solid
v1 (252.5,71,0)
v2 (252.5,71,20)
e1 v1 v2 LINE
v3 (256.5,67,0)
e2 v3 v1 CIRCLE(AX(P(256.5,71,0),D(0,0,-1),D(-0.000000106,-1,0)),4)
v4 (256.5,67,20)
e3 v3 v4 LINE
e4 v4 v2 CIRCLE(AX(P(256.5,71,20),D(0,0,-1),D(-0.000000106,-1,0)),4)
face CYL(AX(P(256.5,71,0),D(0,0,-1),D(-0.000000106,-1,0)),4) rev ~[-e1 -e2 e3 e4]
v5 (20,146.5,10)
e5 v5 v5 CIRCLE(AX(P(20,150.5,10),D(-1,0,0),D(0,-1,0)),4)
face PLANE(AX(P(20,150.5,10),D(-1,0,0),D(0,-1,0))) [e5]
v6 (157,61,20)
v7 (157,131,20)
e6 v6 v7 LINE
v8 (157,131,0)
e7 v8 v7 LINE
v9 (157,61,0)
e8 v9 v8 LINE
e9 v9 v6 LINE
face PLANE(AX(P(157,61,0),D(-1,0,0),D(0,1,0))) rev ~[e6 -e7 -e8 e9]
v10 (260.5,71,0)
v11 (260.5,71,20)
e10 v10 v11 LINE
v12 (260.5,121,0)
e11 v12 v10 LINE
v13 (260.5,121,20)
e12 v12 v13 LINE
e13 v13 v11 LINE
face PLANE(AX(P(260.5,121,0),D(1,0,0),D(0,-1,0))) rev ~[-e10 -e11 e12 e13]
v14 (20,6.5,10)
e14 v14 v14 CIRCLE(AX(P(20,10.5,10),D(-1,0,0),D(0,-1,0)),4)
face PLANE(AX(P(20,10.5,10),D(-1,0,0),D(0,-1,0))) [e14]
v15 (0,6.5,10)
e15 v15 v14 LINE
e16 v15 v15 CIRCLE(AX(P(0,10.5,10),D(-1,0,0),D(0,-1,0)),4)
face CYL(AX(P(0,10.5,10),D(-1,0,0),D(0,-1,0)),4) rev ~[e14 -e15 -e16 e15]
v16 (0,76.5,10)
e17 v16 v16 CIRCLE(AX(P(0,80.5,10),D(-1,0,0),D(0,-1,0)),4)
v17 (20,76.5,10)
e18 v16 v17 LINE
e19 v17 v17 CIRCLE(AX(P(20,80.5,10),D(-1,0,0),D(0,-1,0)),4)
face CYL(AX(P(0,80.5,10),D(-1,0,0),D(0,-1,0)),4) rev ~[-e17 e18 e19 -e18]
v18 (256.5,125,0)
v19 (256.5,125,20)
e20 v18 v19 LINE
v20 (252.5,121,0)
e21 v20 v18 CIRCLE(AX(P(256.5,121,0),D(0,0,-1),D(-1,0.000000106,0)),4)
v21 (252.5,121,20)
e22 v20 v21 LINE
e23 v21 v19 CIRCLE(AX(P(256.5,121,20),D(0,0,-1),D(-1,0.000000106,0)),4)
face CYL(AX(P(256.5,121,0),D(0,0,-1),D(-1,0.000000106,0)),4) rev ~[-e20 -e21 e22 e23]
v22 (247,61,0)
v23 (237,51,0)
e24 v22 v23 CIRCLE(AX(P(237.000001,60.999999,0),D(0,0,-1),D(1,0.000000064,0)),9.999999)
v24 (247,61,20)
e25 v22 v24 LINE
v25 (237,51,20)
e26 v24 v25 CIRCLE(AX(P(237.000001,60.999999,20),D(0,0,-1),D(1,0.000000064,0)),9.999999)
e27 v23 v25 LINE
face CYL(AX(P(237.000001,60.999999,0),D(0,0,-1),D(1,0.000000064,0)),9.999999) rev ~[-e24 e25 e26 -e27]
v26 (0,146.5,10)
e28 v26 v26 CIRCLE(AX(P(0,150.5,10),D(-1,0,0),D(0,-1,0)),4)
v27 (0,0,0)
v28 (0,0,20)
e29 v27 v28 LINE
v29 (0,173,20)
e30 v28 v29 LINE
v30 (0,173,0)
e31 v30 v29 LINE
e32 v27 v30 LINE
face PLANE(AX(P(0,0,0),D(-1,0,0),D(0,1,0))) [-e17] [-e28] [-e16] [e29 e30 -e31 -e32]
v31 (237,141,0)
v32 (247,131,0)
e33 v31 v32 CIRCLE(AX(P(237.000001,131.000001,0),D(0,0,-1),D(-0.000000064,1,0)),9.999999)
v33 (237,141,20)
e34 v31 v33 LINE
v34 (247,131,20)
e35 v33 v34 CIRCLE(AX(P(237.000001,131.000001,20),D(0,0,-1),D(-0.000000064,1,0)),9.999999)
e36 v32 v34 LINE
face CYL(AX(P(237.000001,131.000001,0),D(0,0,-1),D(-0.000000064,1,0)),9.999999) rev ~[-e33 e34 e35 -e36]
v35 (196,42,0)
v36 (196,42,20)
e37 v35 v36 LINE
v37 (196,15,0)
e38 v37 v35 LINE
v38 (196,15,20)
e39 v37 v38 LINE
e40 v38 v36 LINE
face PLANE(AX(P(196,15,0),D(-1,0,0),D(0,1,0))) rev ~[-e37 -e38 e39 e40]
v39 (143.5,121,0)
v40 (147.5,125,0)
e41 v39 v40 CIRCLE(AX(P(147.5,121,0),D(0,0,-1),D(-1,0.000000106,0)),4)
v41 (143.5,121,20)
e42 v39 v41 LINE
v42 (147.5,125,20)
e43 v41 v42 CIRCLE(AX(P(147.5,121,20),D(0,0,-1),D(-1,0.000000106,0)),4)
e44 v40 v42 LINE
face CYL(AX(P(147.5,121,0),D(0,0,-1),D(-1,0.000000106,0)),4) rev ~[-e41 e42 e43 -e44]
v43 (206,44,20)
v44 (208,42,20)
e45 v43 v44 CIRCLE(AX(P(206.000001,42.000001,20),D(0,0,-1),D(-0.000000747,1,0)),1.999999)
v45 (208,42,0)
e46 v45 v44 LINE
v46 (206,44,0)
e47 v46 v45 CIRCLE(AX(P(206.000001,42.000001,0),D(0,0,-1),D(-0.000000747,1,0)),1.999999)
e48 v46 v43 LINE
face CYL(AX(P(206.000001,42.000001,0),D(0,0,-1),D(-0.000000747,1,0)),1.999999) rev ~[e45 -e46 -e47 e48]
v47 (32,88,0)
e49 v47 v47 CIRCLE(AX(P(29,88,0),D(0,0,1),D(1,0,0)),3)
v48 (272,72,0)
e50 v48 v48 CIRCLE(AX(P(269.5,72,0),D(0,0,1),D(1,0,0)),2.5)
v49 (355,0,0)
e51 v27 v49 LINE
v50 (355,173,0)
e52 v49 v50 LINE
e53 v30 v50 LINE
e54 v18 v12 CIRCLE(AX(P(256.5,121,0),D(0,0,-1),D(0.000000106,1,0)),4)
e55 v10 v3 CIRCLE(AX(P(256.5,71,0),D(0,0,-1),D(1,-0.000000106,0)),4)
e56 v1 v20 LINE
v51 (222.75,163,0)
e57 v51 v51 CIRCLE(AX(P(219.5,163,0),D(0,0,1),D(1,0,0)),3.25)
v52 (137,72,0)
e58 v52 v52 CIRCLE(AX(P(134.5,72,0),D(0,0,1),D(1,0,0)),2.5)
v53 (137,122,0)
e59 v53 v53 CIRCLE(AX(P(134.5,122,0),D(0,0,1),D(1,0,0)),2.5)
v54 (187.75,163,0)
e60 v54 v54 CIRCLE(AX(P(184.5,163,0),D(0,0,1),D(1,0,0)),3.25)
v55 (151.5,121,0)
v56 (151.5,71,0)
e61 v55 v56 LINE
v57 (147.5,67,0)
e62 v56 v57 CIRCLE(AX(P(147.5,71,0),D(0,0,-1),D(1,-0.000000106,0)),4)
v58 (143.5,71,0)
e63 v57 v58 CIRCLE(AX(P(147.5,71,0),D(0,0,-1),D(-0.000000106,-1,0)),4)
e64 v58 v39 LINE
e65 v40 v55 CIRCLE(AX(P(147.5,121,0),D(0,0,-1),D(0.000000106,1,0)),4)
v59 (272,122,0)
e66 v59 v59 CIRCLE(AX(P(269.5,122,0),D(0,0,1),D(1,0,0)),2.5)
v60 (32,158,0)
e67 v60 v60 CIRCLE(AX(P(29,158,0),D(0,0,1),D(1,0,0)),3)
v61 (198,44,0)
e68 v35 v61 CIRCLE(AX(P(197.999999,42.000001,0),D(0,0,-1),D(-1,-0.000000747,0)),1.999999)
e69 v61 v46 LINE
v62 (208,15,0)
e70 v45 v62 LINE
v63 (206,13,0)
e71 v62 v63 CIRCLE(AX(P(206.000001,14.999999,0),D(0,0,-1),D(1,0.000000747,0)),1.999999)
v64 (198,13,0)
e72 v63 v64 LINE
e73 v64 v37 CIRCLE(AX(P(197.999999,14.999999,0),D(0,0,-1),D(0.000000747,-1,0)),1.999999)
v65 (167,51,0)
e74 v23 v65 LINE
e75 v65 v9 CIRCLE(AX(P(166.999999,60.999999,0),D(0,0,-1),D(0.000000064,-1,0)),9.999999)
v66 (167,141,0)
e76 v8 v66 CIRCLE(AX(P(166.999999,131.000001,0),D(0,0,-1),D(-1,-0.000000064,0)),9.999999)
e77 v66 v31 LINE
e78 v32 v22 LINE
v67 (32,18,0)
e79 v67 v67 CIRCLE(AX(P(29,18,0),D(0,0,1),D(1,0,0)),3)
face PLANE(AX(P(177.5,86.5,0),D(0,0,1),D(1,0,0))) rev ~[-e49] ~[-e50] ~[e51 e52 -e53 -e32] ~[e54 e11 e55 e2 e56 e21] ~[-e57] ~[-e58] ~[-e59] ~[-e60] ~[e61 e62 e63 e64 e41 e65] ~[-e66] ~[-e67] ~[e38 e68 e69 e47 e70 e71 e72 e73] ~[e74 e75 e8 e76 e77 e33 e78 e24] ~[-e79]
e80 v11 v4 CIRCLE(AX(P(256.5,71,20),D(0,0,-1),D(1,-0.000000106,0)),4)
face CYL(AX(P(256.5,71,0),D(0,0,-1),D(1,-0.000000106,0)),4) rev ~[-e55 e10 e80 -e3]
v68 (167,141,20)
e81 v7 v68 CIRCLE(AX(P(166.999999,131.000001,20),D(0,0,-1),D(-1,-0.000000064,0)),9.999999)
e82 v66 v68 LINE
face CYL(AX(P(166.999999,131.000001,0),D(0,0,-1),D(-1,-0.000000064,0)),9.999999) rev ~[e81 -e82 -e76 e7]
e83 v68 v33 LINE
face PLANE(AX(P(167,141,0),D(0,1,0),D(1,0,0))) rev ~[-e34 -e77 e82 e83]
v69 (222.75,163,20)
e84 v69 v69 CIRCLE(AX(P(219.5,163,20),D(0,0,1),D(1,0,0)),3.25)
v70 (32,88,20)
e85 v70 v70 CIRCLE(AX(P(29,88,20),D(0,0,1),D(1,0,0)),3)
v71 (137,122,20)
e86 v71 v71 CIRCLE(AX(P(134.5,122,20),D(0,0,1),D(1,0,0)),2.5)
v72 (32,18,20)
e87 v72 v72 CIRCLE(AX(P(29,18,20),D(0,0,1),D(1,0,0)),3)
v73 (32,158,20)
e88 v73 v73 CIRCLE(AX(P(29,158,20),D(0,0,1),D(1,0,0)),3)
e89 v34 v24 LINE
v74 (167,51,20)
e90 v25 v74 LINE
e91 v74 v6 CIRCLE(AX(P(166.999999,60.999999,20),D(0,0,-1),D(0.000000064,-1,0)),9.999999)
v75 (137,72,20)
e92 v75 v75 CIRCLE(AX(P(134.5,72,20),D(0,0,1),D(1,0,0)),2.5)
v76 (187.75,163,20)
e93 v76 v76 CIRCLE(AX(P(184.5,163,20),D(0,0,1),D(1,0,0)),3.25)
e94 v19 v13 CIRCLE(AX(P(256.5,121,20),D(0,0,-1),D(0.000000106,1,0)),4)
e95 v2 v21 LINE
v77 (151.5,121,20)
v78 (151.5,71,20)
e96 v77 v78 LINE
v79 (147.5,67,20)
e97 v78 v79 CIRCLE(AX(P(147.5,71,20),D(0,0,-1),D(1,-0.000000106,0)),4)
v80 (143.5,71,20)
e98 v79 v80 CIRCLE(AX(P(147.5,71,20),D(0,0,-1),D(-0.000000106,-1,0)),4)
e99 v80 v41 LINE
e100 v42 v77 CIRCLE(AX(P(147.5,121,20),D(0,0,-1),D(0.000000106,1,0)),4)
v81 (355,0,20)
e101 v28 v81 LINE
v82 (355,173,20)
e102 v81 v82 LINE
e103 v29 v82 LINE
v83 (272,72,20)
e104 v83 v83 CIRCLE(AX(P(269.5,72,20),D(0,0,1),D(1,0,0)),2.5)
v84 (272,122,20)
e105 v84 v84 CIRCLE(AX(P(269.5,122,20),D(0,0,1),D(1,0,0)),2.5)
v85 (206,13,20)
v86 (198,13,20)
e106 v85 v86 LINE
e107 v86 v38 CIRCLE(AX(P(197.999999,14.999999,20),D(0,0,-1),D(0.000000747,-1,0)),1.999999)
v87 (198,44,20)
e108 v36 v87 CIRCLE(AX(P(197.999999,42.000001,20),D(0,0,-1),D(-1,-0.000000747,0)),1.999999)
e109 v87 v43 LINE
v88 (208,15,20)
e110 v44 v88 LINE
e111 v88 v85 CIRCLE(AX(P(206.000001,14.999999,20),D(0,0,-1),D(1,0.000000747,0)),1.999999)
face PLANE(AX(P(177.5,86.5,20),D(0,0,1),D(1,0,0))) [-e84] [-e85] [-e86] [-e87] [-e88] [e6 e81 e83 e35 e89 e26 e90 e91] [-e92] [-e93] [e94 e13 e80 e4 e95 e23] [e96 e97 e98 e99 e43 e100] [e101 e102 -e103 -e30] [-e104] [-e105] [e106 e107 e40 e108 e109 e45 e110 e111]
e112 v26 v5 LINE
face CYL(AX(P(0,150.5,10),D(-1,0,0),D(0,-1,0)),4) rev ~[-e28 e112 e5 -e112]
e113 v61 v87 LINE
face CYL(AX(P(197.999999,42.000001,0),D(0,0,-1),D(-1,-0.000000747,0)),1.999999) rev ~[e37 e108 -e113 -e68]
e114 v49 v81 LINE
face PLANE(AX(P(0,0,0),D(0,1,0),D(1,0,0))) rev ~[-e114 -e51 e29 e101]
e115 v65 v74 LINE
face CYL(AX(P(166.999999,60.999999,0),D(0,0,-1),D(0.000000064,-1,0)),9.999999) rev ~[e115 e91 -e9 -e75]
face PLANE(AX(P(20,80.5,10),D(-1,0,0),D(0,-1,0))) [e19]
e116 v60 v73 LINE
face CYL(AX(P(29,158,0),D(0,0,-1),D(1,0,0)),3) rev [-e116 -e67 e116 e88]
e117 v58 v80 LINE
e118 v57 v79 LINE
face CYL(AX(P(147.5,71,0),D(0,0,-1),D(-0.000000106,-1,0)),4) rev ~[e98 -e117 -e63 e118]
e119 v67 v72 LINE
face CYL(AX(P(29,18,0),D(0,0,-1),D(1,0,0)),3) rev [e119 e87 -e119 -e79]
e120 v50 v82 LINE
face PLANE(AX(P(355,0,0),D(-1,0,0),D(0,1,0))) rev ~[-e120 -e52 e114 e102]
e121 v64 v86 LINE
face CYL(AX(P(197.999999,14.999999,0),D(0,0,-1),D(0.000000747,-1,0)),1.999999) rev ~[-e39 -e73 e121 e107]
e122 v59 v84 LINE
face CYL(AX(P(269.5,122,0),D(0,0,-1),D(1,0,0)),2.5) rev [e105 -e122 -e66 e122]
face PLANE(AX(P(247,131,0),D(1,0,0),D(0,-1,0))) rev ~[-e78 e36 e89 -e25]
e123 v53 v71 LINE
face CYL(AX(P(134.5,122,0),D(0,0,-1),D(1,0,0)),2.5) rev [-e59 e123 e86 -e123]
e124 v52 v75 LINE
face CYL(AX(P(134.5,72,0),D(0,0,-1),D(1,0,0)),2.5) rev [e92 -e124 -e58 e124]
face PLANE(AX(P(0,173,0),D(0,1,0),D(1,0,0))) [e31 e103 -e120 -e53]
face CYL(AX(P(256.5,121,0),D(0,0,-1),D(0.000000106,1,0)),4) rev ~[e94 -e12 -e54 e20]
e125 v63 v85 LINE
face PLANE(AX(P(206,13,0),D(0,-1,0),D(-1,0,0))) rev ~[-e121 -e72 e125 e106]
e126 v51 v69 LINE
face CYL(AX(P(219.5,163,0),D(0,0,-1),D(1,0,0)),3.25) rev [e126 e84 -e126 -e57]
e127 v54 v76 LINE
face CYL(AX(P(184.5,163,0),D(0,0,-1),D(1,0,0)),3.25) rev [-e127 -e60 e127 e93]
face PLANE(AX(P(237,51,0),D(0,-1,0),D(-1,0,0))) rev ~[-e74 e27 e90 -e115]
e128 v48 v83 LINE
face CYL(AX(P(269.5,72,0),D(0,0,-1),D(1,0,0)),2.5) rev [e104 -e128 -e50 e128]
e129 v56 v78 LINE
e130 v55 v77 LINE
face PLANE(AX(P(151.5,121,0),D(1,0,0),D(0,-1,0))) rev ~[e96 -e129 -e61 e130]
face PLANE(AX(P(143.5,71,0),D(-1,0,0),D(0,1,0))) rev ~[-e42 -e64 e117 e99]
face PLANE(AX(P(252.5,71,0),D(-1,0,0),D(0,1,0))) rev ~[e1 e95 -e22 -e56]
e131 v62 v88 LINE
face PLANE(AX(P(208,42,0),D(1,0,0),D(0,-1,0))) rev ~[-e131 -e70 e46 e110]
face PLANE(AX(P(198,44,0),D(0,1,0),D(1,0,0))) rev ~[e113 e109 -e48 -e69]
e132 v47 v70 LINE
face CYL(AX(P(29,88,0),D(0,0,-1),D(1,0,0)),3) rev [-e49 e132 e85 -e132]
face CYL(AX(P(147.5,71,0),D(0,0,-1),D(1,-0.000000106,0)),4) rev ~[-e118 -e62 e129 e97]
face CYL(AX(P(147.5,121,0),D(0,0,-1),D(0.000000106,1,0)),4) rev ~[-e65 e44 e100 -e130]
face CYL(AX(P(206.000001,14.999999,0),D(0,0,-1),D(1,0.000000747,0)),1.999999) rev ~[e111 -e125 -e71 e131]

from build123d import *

# Parameters (mm, degrees)
F0_W     = 355
F0_H     = 173
F0_R     = 3
F0_R_2   = 2.5
F0_R_3   = 3.25
F1_DEPTH = 20
F2_R     = 4
F3_DEPTH = 20


with BuildPart() as f1:
    # F0 (on Top) → F1 (new body)
    with BuildSketch(Plane.XY):
        with Locations((177.5, 86.5)):
            Rectangle(F0_W, F0_H)
        with Locations((29, 18)):
            Circle(F0_R, mode=Mode.SUBTRACT)
        with Locations((134.5, 72)):
            Circle(F0_R_2, mode=Mode.SUBTRACT)
        with BuildLine():
            Line((206, 13), (198, 13))
            ThreePointArc((198, 13), (196.585786, 13.585786), (196, 15))
            Line((196, 15), (196, 42))
            ThreePointArc((196, 42), (196.585786, 43.414214), (198, 44))
            Line((198, 44), (206, 44))
            ThreePointArc((206, 44), (207.414214, 43.414214), (208, 42))
            Line((208, 42), (208, 15))
            ThreePointArc((208, 15), (207.414214, 13.585786), (206, 13))
        make_face(mode=Mode.SUBTRACT)
        with Locations((269.5, 72)):
            Circle(F0_R_2, mode=Mode.SUBTRACT)
        with Locations((29, 88)):
            Circle(F0_R, mode=Mode.SUBTRACT)
        with BuildLine():
            Line((151.5, 121), (151.5, 71))
            ThreePointArc((151.5, 71), (150.328427, 68.171573), (147.5, 67))
            ThreePointArc((147.5, 67), (144.671573, 68.171573), (143.5, 71))
            Line((143.5, 71), (143.5, 121))
            ThreePointArc((143.5, 121), (144.671573, 123.828427), (147.5, 125))
            ThreePointArc((147.5, 125), (150.328427, 123.828427), (151.5, 121))
        make_face(mode=Mode.SUBTRACT)
        with Locations((134.5, 122)):
            Circle(F0_R_2, mode=Mode.SUBTRACT)
        with Locations((29, 158)):
            Circle(F0_R, mode=Mode.SUBTRACT)
        with BuildLine():
            Line((237, 51), (167, 51))
            ThreePointArc((167, 51), (159.928932, 53.928932), (157, 61))
            Line((157, 61), (157, 131))
            ThreePointArc((157, 131), (159.928932, 138.071068), (167, 141))
            Line((167, 141), (237, 141))
            ThreePointArc((237, 141), (244.071068, 138.071068), (247, 131))
            Line((247, 131), (247, 61))
            ThreePointArc((247, 61), (244.071068, 53.928932), (237, 51))
        make_face(mode=Mode.SUBTRACT)
        with BuildLine():
            ThreePointArc((256.5, 67), (253.671573, 68.171573), (252.5, 71))
            Line((252.5, 71), (252.5, 121))
            ThreePointArc((252.5, 121), (253.671573, 123.828427), (256.5, 125))
            ThreePointArc((256.5, 125), (259.328427, 123.828427), (260.5, 121))
            Line((260.5, 121), (260.5, 71))
            ThreePointArc((260.5, 71), (259.328427, 68.171573), (256.5, 67))
        make_face(mode=Mode.SUBTRACT)
        with Locations((269.5, 122)):
            Circle(F0_R_2, mode=Mode.SUBTRACT)
        with Locations((184.5, 163)):
            Circle(F0_R_3, mode=Mode.SUBTRACT)
        with Locations((219.5, 163)):
            Circle(F0_R_3, mode=Mode.SUBTRACT)
    extrude(amount=F1_DEPTH)

    # F2 (on face) → F3 (cut)
    with BuildSketch(Plane(origin=(0, 0, 0), x_dir=(0, -1, 0), z_dir=(-1, 0, 0))):
        with Locations((-150.5, 10)):
            Circle(F2_R)
        with Locations((-80.5, 10)):
            Circle(F2_R)
        with Locations((-10.5, 10)):
            Circle(F2_R)
    extrude(amount=-F3_DEPTH, mode=Mode.SUBTRACT)


solid = f1.part
